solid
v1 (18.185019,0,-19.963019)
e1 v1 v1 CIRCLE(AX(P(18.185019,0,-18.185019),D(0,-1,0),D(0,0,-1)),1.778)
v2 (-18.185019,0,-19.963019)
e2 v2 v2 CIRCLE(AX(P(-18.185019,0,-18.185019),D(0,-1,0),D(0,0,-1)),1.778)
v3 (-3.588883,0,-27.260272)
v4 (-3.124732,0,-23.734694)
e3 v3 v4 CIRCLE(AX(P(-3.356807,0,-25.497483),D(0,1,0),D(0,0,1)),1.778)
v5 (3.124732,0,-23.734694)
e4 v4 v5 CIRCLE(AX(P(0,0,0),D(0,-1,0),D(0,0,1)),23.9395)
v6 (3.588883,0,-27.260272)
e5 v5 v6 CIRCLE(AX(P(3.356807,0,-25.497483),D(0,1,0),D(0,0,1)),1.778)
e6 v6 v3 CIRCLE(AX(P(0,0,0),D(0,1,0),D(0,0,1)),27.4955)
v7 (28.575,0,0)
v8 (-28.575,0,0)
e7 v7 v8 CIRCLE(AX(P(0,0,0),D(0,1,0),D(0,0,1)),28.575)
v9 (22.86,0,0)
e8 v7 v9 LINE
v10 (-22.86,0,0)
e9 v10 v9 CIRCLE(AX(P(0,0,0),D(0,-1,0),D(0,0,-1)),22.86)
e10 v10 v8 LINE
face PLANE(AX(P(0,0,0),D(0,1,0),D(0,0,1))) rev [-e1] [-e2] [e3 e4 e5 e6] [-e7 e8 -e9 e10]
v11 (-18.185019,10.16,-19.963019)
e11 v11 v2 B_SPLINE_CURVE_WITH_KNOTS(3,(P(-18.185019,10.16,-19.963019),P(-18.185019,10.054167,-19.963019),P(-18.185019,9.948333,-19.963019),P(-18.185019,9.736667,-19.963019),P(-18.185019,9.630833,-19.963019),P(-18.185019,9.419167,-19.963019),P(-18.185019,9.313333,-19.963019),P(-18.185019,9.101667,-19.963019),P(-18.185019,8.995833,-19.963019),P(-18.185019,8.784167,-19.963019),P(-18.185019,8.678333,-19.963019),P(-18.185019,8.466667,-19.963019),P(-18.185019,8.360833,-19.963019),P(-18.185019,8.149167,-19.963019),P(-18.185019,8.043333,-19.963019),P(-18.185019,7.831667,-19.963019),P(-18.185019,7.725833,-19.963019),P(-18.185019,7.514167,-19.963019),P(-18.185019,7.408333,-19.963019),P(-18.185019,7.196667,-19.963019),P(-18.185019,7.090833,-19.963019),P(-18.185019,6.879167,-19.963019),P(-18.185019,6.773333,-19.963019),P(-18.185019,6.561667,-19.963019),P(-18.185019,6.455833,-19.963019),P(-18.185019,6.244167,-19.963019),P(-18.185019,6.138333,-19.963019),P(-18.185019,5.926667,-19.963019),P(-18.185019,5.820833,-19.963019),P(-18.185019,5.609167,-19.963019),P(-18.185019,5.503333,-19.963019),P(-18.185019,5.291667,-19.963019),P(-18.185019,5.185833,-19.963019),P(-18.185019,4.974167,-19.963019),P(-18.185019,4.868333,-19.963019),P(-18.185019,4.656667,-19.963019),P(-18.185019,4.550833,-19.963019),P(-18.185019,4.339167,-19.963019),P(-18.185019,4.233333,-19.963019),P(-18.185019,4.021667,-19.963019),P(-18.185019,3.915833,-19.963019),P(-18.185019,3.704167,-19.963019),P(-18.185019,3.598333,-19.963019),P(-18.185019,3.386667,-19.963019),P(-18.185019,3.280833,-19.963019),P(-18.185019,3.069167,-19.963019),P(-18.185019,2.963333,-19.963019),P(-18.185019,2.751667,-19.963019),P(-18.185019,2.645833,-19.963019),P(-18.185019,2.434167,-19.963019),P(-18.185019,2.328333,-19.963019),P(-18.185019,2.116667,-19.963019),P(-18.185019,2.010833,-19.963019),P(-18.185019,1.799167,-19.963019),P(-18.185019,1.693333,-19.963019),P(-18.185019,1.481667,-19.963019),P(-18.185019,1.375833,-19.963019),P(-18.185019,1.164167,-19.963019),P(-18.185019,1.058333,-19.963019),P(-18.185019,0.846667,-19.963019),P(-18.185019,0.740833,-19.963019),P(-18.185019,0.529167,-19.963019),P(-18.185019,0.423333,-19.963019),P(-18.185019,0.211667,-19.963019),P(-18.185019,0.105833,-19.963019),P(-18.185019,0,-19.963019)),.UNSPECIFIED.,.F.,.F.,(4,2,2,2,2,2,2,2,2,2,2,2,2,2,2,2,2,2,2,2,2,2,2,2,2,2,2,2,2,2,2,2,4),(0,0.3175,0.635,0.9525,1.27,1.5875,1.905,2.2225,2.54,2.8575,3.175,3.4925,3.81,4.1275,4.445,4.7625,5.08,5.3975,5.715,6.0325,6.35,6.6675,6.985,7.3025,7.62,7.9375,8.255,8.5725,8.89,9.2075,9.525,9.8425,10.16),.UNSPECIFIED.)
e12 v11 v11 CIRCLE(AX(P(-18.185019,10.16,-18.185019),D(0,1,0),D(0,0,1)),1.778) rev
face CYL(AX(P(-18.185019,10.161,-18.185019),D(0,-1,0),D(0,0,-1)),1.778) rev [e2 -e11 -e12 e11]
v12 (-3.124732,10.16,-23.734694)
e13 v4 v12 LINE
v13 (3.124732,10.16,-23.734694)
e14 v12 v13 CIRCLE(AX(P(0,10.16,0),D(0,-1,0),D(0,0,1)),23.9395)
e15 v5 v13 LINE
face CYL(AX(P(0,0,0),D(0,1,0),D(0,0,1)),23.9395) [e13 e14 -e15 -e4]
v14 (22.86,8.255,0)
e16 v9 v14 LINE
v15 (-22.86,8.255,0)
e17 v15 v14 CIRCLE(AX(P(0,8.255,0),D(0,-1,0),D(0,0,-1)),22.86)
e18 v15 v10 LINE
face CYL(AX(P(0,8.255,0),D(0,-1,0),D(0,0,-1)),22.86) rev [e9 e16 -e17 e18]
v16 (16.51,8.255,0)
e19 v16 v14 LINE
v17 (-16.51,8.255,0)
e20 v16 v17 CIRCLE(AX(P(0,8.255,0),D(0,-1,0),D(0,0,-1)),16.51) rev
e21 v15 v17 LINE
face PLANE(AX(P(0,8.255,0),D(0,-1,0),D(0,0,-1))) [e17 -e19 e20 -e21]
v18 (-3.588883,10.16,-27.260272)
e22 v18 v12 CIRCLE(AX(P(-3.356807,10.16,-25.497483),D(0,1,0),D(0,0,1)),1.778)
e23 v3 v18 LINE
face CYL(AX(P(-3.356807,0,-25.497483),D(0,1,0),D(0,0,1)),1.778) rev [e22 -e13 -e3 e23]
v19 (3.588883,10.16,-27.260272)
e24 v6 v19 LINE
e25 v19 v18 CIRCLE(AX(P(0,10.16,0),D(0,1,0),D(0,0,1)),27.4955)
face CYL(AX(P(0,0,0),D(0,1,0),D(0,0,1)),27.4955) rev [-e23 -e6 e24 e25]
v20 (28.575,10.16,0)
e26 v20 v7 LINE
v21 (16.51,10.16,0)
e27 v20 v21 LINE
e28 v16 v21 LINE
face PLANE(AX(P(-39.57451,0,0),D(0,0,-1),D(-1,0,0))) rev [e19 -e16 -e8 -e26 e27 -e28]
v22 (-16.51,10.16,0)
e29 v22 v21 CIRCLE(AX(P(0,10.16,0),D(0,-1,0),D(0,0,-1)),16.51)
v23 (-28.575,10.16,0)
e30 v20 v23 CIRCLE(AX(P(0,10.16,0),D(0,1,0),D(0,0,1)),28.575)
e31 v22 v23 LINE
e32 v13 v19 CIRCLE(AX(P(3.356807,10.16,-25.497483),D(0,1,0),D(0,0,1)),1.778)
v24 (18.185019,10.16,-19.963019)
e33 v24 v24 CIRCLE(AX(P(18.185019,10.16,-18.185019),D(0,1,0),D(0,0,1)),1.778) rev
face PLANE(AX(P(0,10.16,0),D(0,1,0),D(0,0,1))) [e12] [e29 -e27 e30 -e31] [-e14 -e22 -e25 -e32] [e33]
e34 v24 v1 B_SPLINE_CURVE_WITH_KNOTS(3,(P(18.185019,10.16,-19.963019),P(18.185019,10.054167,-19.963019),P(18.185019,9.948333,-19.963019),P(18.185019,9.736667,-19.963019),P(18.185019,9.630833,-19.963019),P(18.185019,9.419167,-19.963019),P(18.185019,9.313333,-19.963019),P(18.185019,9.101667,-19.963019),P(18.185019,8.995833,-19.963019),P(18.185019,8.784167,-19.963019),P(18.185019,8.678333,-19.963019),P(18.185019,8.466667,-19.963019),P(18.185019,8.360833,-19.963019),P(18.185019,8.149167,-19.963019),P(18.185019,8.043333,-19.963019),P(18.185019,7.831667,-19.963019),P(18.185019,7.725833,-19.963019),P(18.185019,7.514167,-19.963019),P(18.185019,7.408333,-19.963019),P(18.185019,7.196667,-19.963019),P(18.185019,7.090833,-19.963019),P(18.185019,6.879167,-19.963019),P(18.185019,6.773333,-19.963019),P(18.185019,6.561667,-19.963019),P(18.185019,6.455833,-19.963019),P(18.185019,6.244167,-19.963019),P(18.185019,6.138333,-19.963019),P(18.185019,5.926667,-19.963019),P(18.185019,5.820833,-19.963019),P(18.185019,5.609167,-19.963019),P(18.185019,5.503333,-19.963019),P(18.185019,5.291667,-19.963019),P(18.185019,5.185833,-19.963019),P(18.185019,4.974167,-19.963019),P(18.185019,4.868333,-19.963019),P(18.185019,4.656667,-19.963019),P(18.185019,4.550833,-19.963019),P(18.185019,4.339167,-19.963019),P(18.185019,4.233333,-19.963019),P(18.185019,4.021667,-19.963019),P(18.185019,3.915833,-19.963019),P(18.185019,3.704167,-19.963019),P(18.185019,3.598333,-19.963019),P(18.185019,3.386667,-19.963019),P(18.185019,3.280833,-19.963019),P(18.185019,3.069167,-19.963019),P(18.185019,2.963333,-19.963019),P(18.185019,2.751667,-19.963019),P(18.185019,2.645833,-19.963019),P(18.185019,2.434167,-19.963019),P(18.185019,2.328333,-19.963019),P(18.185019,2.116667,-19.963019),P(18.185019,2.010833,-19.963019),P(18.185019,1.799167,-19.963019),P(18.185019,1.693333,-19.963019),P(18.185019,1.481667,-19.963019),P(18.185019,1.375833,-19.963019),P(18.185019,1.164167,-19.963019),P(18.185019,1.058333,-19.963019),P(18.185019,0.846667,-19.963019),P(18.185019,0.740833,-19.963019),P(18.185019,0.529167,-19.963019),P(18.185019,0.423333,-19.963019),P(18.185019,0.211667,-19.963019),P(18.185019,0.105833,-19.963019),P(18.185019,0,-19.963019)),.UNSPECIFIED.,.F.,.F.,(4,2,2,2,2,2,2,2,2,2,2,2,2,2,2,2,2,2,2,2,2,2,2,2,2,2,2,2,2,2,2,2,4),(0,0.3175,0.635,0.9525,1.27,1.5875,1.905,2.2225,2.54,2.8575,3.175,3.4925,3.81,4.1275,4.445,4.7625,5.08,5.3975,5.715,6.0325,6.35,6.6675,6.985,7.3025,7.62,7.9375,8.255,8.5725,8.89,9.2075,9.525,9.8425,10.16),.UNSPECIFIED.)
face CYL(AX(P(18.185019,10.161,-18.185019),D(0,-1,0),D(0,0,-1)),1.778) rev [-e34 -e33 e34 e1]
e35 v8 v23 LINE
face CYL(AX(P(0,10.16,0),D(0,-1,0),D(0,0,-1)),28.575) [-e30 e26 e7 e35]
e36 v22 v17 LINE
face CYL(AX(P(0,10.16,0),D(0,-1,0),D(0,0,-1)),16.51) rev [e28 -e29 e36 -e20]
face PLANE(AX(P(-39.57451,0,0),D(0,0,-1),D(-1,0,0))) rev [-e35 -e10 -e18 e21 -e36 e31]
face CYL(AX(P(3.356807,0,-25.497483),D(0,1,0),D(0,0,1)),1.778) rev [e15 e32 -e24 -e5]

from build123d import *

# Parameters (mm, degrees)
SKETCH1_R           = 28.575
BOSS_EXTRUDE1_DEPTH = 10.16
SKETCH2_R           = 16.51
CUT_EXTRUDE1_DEPTH  = 42.66877548
SKETCH3_R           = 22.86
CUT_EXTRUDE2_DEPTH  = 8.255
SKETCH4_W           = 88.915115744
SKETCH4_H           = 51.352535237
CUT_EXTRUDE3_DEPTH  = 42.66877548
CUT_EXTRUDE4_REACH  = 43.669
SKETCH6_R           = 1.778
CUT_EXTRUDE5_DEPTH  = 42.66877548


with BuildPart() as part:
    # Sketch1 → Boss-Extrude1 (new body)
    with BuildSketch(Plane(origin=(0, 0, 0), x_dir=(1, 0, 0), z_dir=(0, 1, 0))):
        with Locations(Location((0, 0, 0), (0, 0, 270))):
            Circle(SKETCH1_R)
    extrude(amount=BOSS_EXTRUDE1_DEPTH)

    # Sketch2 → Cut-Extrude1 (cut, through all)
    with BuildSketch(Plane.XZ):
        with Locations(Location((0, 0, 0), (0, 0, 270))):
            Circle(SKETCH2_R)
    extrude(amount=-CUT_EXTRUDE1_DEPTH, mode=Mode.SUBTRACT)

    # Sketch3 → Cut-Extrude2 (cut)
    with BuildSketch(Plane.XZ):
        with Locations(Location((0, 0, 0), (0, 0, 270))):
            Circle(SKETCH3_R)
    extrude(amount=-CUT_EXTRUDE2_DEPTH, mode=Mode.SUBTRACT)

    # Sketch4 → Cut-Extrude3 (cut, through all)
    with BuildSketch(Plane(origin=(0, 10.16, 0), x_dir=(1, 0, 0), z_dir=(0, 1, 0))):
        with Locations((4.883047594, -25.676267619)):
            Rectangle(SKETCH4_W, SKETCH4_H)
    extrude(amount=-CUT_EXTRUDE3_DEPTH, mode=Mode.SUBTRACT)

    # Sketch6 → Cut-Extrude4 (cut, up to next)
    with BuildSketch(Plane.XZ, mode=Mode.PRIVATE) as cut_extrude4_sk1:
        with Locations(Location((18.185018645, -18.185018645, 0), (0, 0, 270))):
            Circle(SKETCH6_R)
    cut_extrude4_tool1 = extrude(cut_extrude4_sk1.sketch, amount=-CUT_EXTRUDE4_REACH, mode=Mode.PRIVATE) & part.part
    # Sketch6 → Cut-Extrude4 (cut, up to next)
    with BuildSketch(Plane.XZ, mode=Mode.PRIVATE) as cut_extrude4_sk2:
        with Locations(Location((-18.185018645, -18.185018645, 0), (0, 0, 270))):
            Circle(SKETCH6_R)
    cut_extrude4_tool2 = extrude(cut_extrude4_sk2.sketch, amount=-CUT_EXTRUDE4_REACH, mode=Mode.PRIVATE) & part.part
    add(cut_extrude4_tool1.solids().sort_by_distance((18.185019, 0, -18.185019))[0], mode=Mode.SUBTRACT)
    add(cut_extrude4_tool2.solids().sort_by_distance((-18.185019, 0, -18.185019))[0], mode=Mode.SUBTRACT)

    # Sketch7 → Cut-Extrude5 (cut, through all)
    with BuildSketch(Plane(origin=(0, 10.16, 0), x_dir=(1, 0, 0), z_dir=(0, 1, 0))):
        with BuildLine():
            ThreePointArc((3.124731779, 23.734694259), (0, 23.9395), (-3.124731779, 23.734694259))
            ThreePointArc((-3.124731779, 23.734694259), (-5.119596312, 25.265407653), (-3.588882918, 27.260272186))
            ThreePointArc((-3.588882918, 27.260272186), (0, 27.4955), (3.588882918, 27.260272186))
            ThreePointArc((3.588882918, 27.260272186), (5.119596312, 25.265407653), (3.124731779, 23.734694259))
        make_face()
    extrude(amount=-CUT_EXTRUDE5_DEPTH, mode=Mode.SUBTRACT)


solid = part.part
